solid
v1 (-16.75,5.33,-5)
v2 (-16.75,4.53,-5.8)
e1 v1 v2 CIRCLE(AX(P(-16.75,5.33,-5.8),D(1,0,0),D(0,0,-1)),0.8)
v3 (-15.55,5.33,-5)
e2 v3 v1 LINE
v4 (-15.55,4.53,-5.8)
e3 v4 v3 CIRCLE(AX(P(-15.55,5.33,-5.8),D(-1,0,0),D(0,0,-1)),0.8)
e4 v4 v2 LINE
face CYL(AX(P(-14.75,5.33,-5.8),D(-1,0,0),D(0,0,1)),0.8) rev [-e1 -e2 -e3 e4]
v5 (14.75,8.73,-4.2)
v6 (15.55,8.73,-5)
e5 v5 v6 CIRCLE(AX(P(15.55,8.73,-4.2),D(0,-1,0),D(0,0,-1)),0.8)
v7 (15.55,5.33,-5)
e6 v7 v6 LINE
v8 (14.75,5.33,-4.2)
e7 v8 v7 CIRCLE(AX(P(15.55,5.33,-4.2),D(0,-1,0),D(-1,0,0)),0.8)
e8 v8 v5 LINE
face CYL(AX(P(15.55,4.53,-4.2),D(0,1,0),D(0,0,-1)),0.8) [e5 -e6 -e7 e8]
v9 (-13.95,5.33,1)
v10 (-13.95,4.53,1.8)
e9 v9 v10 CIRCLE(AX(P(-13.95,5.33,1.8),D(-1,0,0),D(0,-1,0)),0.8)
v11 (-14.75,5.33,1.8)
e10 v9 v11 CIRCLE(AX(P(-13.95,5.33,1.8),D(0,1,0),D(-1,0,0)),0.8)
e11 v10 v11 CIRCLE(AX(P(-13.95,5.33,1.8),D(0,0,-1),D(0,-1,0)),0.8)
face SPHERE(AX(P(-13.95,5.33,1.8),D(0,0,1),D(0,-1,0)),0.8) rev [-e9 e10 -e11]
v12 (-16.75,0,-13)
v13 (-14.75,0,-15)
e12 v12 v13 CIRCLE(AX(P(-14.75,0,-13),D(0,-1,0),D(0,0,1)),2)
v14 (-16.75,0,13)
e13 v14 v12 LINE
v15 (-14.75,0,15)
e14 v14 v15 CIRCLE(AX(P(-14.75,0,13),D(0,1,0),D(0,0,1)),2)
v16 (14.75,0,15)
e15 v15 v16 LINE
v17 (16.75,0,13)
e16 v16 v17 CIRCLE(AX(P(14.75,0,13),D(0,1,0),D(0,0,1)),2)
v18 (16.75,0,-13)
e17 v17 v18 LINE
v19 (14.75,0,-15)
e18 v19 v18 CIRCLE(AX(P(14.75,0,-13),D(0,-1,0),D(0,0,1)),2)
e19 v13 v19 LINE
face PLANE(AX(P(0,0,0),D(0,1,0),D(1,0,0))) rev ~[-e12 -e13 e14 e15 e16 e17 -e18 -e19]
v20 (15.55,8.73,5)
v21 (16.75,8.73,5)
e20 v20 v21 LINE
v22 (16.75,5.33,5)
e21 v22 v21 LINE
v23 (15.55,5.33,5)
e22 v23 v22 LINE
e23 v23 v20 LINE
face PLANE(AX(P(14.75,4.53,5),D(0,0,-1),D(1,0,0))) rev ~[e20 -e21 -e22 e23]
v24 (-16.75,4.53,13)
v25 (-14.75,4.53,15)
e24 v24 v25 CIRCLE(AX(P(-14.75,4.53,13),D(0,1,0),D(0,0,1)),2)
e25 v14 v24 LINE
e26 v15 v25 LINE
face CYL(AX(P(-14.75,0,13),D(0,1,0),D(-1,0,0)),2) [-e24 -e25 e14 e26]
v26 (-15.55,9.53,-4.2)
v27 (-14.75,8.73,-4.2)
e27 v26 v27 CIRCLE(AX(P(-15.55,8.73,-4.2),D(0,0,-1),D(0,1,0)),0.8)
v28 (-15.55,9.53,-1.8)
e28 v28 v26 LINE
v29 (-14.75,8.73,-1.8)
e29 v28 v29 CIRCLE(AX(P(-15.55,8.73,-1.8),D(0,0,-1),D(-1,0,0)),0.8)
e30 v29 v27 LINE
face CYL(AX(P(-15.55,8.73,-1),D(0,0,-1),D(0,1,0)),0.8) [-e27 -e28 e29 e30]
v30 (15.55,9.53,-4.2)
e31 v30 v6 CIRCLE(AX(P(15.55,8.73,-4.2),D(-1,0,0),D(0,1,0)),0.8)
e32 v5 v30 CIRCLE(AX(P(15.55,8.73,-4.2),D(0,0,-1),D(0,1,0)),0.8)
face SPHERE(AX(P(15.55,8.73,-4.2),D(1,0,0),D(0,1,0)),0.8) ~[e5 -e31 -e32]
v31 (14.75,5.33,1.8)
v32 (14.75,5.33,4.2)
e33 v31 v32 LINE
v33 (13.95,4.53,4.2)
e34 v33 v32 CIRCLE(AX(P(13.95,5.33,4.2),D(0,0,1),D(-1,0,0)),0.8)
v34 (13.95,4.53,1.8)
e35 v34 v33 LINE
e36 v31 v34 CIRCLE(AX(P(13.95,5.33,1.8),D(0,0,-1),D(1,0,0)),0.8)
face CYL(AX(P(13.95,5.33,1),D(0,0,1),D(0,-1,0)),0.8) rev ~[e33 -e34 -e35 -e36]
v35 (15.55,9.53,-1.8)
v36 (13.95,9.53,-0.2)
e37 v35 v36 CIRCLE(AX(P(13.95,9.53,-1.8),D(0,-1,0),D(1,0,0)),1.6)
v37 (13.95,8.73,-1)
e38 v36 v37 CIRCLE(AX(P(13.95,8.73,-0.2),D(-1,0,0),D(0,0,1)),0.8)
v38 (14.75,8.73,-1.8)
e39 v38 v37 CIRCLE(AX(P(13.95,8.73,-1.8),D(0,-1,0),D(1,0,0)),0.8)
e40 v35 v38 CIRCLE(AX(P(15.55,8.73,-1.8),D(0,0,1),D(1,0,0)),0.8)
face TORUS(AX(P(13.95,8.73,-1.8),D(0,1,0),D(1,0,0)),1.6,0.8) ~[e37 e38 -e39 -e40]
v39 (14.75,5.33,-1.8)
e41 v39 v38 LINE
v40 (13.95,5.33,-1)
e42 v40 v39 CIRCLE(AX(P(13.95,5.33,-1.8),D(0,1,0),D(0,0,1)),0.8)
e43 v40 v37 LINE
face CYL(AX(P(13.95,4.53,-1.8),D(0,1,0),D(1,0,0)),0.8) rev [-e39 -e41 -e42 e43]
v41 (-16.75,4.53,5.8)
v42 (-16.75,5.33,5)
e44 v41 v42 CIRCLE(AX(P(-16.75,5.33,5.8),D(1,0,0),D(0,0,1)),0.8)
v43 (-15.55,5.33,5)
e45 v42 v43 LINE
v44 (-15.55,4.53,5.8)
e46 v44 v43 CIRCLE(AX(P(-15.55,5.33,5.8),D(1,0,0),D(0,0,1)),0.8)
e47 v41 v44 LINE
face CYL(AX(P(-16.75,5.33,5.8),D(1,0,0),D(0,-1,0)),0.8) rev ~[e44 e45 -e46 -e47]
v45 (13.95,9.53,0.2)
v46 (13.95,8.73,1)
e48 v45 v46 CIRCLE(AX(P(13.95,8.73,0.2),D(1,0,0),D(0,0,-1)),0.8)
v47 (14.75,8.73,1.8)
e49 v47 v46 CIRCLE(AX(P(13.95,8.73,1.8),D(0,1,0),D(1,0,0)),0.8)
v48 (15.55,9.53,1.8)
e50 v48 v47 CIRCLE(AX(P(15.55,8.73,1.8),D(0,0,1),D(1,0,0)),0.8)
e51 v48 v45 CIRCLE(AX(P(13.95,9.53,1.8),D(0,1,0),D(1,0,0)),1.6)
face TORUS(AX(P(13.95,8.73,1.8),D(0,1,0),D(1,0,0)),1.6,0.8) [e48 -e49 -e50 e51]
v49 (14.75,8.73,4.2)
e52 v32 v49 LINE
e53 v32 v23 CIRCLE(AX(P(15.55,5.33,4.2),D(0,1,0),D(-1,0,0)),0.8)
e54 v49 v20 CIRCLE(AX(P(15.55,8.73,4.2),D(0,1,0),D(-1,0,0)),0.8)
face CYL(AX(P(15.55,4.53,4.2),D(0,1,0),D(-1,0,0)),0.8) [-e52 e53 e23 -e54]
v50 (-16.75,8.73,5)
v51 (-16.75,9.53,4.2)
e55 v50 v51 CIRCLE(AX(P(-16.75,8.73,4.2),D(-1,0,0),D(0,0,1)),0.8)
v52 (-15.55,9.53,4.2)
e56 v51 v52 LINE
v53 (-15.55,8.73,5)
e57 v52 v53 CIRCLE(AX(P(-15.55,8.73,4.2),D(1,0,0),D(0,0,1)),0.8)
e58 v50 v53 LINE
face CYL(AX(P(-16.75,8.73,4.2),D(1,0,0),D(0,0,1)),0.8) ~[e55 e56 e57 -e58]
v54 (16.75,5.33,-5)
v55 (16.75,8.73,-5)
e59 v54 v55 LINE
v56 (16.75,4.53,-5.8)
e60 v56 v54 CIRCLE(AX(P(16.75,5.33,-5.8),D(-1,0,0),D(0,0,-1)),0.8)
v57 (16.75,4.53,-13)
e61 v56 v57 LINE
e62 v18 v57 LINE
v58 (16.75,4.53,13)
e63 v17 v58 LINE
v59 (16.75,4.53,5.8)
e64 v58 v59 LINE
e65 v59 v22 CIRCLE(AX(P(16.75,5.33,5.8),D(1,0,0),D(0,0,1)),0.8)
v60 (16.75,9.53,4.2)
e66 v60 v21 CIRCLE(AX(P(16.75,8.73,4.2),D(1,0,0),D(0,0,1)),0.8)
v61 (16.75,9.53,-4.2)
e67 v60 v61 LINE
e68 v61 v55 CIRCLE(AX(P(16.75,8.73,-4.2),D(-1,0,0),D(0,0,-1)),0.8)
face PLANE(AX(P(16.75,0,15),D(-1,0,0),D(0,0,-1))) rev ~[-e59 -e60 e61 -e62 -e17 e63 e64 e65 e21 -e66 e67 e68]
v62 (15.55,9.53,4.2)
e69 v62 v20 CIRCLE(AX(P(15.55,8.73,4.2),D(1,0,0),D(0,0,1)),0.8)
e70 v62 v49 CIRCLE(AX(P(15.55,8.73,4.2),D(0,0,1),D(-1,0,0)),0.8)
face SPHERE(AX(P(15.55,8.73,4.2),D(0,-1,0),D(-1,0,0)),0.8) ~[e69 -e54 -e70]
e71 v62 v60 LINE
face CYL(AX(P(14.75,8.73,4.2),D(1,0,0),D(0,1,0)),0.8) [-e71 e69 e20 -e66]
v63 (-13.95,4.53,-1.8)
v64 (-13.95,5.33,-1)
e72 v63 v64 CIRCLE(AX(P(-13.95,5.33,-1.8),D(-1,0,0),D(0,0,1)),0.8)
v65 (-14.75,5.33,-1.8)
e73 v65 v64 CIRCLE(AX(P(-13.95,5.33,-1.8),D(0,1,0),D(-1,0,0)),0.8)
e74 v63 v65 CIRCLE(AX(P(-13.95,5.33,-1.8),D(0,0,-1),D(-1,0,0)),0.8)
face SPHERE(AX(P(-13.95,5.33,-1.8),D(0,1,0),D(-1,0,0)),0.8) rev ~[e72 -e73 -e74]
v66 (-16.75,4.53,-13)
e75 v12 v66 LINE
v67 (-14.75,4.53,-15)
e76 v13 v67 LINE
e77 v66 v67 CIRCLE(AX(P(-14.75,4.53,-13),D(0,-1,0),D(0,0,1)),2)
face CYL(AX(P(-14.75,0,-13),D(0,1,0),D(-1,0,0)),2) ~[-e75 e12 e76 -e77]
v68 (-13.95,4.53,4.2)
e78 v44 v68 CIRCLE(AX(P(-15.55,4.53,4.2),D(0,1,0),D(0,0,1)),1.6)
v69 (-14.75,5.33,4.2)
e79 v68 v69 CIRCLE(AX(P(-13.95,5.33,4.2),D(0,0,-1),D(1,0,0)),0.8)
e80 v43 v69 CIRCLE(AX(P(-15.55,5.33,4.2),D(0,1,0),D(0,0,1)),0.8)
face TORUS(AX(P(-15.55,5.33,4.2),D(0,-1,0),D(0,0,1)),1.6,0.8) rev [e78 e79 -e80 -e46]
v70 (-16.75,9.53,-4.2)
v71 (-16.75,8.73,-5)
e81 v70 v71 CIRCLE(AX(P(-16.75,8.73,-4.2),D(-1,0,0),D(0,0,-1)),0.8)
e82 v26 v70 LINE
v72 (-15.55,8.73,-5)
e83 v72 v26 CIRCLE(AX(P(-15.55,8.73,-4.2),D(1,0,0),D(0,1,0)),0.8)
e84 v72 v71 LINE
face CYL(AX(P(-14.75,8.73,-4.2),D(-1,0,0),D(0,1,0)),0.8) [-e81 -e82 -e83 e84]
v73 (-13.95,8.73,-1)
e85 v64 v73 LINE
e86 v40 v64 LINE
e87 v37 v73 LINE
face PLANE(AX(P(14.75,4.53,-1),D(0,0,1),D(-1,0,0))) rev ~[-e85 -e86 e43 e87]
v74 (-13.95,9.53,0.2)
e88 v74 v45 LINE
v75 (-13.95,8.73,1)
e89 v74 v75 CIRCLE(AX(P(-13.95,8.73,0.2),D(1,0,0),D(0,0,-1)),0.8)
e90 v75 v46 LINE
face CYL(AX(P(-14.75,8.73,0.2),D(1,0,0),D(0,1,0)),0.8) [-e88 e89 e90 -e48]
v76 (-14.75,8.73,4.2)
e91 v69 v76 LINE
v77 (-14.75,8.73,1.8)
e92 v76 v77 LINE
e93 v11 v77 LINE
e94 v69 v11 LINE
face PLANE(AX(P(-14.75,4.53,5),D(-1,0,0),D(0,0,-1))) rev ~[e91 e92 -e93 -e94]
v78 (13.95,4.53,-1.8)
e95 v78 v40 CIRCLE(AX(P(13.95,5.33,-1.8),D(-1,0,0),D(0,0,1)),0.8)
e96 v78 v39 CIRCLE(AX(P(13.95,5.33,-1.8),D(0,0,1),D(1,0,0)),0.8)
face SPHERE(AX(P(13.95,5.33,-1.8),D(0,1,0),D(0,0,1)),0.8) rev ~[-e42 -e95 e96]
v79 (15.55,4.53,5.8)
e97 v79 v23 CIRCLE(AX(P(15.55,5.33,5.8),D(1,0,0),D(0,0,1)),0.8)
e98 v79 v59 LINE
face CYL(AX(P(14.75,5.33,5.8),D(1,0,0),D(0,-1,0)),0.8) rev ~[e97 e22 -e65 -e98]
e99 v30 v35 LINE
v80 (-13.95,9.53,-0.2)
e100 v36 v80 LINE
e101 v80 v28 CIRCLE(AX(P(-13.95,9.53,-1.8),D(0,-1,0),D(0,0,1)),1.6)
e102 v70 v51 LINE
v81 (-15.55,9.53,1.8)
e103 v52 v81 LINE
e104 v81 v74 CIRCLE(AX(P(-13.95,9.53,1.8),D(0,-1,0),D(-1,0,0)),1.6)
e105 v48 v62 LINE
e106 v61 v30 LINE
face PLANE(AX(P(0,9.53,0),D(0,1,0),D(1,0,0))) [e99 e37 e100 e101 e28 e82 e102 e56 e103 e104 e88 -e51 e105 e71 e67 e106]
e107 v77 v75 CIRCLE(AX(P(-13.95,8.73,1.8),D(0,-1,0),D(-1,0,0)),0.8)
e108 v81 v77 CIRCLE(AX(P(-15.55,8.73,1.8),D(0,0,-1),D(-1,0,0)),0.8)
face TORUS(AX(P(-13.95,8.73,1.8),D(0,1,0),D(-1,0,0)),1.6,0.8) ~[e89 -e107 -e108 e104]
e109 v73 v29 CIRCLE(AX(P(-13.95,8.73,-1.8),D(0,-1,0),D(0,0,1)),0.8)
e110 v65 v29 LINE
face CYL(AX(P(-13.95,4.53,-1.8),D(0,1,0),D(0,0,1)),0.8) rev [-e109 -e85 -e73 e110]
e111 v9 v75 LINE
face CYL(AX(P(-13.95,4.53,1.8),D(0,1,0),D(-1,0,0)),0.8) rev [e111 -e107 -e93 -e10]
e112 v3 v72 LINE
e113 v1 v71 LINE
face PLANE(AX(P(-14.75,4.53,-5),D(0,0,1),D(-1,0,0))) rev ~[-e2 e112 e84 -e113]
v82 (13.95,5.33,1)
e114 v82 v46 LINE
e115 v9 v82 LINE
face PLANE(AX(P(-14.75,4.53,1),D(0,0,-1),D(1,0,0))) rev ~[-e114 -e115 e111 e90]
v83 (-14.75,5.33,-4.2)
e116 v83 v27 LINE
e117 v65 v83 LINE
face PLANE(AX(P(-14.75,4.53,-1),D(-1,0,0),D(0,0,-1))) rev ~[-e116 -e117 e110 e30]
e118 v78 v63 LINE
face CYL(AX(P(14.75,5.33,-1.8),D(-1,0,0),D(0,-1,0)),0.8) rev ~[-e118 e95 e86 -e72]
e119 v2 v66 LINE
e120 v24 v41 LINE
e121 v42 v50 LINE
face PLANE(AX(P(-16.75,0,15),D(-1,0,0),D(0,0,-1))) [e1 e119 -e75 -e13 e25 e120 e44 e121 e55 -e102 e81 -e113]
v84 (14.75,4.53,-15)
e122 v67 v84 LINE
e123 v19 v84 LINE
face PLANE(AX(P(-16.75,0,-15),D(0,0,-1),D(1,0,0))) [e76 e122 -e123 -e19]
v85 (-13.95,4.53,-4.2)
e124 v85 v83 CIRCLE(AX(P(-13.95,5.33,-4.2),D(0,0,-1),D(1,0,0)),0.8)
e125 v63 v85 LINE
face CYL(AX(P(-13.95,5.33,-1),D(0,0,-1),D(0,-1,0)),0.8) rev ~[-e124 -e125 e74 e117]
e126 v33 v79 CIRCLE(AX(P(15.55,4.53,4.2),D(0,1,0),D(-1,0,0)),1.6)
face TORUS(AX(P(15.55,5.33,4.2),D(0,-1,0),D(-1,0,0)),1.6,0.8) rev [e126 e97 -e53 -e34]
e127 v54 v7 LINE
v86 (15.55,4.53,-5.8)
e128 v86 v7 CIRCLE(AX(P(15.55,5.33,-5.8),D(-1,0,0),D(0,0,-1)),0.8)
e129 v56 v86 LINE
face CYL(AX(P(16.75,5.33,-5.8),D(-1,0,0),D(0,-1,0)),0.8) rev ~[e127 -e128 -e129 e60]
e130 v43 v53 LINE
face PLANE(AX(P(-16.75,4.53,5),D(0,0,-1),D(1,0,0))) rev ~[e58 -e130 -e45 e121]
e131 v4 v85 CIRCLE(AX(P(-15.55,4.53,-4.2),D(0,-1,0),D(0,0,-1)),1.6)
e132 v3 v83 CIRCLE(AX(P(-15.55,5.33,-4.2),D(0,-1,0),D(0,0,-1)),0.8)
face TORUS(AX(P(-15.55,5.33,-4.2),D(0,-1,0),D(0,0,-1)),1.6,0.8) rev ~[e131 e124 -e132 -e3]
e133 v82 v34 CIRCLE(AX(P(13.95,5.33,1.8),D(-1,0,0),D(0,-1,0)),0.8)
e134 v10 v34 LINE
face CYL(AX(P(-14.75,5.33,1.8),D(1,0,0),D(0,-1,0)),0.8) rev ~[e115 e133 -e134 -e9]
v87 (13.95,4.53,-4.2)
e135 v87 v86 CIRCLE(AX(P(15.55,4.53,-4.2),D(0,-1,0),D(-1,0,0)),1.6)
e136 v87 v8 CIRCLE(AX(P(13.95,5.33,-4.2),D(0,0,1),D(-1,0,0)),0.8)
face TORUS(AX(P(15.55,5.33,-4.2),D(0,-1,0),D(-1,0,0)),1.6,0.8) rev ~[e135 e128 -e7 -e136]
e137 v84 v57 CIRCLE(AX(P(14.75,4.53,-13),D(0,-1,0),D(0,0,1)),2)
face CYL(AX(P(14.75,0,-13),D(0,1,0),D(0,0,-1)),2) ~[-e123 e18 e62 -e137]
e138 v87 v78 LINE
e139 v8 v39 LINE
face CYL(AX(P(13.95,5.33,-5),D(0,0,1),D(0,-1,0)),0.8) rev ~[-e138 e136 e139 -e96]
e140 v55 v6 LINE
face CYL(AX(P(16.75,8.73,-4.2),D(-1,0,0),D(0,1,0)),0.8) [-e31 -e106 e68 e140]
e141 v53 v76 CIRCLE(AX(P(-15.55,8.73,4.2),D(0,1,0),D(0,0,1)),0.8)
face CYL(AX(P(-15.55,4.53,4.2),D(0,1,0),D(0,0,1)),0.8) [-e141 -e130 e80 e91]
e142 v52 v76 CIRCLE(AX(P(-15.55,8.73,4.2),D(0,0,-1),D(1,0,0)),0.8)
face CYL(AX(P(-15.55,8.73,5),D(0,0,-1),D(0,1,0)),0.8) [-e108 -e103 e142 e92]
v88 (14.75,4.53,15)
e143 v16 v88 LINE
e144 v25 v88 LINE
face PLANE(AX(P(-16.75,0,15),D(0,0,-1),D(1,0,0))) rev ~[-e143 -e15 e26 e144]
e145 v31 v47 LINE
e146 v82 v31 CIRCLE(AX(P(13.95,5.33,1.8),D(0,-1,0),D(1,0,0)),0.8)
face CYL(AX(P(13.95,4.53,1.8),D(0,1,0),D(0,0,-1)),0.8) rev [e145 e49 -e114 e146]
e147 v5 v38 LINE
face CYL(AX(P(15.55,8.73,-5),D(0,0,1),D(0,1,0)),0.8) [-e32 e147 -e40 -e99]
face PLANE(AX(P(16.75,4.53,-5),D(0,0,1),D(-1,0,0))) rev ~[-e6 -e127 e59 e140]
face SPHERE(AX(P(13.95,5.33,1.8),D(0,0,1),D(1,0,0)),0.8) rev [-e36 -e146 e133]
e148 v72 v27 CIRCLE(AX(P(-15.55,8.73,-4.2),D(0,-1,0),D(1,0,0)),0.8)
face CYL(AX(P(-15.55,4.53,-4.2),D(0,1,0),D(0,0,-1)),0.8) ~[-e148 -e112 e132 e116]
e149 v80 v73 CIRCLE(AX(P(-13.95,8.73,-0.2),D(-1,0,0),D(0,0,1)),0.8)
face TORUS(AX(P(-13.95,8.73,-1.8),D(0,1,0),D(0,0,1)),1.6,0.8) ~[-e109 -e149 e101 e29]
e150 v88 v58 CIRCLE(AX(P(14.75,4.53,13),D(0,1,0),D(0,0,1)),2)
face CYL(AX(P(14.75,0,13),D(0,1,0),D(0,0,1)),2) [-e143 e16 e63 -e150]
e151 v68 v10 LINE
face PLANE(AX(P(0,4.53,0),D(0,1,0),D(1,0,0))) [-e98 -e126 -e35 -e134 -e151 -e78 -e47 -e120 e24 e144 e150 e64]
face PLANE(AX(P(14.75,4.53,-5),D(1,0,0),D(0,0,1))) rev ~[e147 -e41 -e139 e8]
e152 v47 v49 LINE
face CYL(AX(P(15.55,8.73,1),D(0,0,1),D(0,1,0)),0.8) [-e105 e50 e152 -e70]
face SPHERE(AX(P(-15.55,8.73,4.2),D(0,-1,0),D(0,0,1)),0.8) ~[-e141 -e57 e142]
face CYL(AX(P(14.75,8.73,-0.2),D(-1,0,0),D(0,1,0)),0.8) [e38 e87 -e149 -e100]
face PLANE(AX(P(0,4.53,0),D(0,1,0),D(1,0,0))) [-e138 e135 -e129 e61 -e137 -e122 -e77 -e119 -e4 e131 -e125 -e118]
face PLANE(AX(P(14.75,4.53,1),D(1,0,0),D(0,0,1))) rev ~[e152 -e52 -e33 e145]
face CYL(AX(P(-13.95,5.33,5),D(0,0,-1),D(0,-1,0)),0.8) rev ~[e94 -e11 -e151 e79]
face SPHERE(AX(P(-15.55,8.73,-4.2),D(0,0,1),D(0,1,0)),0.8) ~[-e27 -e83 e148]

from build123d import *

# Parameters (mm, degrees)
SKETCH1_W           = 33.5
SKETCH1_H           = 30
BOSS_EXTRUDE1_DEPTH = 4.53
BOSS_EXTRUDE2_DEPTH = 5
FILLET1_R           = 2
FILLET3_R           = 0.8


with BuildPart() as part:
    # Sketch1 → Boss-Extrude1 (new body)
    with BuildSketch(Plane(origin=(0, 0, 0), x_dir=(1, 0, 0), z_dir=(0, 1, 0))):
        Rectangle(SKETCH1_W, SKETCH1_H)
    extrude(amount=BOSS_EXTRUDE1_DEPTH)

    # Sketch2 → Boss-Extrude2 (add)
    with BuildSketch(Plane(origin=(0, 4.53, 0), x_dir=(1, 0, 0), z_dir=(0, 1, 0))):
        Polygon((-14.75, 5), (-16.75, 5), (-16.75, -5), (-14.75, -5), (-14.75, -1), (14.75, -1), (14.75, -5), (16.75, -5), (16.75, 5), (14.75, 5), (14.75, 1), (-14.75, 1), align=None)
    extrude(amount=BOSS_EXTRUDE2_DEPTH)

    # Fillet1
    fillet1_edges = [part.edges().sort_by_distance(p)[0] for p in [
        (16.75, 2.265, 15),
        (-16.75, 2.265, 15),
        (-16.75, 2.265, -15),
        (16.75, 2.265, -15),
    ]]
    fillet(fillet1_edges, radius=FILLET1_R)

    # Fillet3
    fillet3_edges = [part.edges().sort_by_distance(p)[0] for p in [
        (14.75, 4.53, 3),
        (14.75, 7.03, 1),
        (15.75, 4.53, 5),
        (14.75, 7.03, 5),
        (15.75, 9.53, -5),
        (14.75, 9.53, -3),
        (14.75, 7.03, -5),
        (0, 9.53, -1),
        (14.75, 7.03, -1),
        (-14.75, 9.53, -3),
        (-14.75, 7.03, -1),
        (-15.75, 9.53, -5),
        (-14.75, 7.03, -5),
        (-15.75, 4.53, 5),
        (-14.75, 4.53, 3),
        (-14.75, 7.03, 5),
        (0, 4.53, 1),
        (-14.75, 7.03, 1),
        (14.75, 9.53, 3),
        (15.75, 9.53, 5),
        (-15.75, 9.53, 5),
        (-14.75, 9.53, 3),
        (0, 9.53, 1),
        (-15.75, 4.53, -5),
        (-14.75, 4.53, -3),
        (0, 4.53, -1),
        (14.75, 4.53, -3),
        (15.75, 4.53, -5),
    ]]
    fillet(fillet3_edges, radius=FILLET3_R)


solid = part.part
